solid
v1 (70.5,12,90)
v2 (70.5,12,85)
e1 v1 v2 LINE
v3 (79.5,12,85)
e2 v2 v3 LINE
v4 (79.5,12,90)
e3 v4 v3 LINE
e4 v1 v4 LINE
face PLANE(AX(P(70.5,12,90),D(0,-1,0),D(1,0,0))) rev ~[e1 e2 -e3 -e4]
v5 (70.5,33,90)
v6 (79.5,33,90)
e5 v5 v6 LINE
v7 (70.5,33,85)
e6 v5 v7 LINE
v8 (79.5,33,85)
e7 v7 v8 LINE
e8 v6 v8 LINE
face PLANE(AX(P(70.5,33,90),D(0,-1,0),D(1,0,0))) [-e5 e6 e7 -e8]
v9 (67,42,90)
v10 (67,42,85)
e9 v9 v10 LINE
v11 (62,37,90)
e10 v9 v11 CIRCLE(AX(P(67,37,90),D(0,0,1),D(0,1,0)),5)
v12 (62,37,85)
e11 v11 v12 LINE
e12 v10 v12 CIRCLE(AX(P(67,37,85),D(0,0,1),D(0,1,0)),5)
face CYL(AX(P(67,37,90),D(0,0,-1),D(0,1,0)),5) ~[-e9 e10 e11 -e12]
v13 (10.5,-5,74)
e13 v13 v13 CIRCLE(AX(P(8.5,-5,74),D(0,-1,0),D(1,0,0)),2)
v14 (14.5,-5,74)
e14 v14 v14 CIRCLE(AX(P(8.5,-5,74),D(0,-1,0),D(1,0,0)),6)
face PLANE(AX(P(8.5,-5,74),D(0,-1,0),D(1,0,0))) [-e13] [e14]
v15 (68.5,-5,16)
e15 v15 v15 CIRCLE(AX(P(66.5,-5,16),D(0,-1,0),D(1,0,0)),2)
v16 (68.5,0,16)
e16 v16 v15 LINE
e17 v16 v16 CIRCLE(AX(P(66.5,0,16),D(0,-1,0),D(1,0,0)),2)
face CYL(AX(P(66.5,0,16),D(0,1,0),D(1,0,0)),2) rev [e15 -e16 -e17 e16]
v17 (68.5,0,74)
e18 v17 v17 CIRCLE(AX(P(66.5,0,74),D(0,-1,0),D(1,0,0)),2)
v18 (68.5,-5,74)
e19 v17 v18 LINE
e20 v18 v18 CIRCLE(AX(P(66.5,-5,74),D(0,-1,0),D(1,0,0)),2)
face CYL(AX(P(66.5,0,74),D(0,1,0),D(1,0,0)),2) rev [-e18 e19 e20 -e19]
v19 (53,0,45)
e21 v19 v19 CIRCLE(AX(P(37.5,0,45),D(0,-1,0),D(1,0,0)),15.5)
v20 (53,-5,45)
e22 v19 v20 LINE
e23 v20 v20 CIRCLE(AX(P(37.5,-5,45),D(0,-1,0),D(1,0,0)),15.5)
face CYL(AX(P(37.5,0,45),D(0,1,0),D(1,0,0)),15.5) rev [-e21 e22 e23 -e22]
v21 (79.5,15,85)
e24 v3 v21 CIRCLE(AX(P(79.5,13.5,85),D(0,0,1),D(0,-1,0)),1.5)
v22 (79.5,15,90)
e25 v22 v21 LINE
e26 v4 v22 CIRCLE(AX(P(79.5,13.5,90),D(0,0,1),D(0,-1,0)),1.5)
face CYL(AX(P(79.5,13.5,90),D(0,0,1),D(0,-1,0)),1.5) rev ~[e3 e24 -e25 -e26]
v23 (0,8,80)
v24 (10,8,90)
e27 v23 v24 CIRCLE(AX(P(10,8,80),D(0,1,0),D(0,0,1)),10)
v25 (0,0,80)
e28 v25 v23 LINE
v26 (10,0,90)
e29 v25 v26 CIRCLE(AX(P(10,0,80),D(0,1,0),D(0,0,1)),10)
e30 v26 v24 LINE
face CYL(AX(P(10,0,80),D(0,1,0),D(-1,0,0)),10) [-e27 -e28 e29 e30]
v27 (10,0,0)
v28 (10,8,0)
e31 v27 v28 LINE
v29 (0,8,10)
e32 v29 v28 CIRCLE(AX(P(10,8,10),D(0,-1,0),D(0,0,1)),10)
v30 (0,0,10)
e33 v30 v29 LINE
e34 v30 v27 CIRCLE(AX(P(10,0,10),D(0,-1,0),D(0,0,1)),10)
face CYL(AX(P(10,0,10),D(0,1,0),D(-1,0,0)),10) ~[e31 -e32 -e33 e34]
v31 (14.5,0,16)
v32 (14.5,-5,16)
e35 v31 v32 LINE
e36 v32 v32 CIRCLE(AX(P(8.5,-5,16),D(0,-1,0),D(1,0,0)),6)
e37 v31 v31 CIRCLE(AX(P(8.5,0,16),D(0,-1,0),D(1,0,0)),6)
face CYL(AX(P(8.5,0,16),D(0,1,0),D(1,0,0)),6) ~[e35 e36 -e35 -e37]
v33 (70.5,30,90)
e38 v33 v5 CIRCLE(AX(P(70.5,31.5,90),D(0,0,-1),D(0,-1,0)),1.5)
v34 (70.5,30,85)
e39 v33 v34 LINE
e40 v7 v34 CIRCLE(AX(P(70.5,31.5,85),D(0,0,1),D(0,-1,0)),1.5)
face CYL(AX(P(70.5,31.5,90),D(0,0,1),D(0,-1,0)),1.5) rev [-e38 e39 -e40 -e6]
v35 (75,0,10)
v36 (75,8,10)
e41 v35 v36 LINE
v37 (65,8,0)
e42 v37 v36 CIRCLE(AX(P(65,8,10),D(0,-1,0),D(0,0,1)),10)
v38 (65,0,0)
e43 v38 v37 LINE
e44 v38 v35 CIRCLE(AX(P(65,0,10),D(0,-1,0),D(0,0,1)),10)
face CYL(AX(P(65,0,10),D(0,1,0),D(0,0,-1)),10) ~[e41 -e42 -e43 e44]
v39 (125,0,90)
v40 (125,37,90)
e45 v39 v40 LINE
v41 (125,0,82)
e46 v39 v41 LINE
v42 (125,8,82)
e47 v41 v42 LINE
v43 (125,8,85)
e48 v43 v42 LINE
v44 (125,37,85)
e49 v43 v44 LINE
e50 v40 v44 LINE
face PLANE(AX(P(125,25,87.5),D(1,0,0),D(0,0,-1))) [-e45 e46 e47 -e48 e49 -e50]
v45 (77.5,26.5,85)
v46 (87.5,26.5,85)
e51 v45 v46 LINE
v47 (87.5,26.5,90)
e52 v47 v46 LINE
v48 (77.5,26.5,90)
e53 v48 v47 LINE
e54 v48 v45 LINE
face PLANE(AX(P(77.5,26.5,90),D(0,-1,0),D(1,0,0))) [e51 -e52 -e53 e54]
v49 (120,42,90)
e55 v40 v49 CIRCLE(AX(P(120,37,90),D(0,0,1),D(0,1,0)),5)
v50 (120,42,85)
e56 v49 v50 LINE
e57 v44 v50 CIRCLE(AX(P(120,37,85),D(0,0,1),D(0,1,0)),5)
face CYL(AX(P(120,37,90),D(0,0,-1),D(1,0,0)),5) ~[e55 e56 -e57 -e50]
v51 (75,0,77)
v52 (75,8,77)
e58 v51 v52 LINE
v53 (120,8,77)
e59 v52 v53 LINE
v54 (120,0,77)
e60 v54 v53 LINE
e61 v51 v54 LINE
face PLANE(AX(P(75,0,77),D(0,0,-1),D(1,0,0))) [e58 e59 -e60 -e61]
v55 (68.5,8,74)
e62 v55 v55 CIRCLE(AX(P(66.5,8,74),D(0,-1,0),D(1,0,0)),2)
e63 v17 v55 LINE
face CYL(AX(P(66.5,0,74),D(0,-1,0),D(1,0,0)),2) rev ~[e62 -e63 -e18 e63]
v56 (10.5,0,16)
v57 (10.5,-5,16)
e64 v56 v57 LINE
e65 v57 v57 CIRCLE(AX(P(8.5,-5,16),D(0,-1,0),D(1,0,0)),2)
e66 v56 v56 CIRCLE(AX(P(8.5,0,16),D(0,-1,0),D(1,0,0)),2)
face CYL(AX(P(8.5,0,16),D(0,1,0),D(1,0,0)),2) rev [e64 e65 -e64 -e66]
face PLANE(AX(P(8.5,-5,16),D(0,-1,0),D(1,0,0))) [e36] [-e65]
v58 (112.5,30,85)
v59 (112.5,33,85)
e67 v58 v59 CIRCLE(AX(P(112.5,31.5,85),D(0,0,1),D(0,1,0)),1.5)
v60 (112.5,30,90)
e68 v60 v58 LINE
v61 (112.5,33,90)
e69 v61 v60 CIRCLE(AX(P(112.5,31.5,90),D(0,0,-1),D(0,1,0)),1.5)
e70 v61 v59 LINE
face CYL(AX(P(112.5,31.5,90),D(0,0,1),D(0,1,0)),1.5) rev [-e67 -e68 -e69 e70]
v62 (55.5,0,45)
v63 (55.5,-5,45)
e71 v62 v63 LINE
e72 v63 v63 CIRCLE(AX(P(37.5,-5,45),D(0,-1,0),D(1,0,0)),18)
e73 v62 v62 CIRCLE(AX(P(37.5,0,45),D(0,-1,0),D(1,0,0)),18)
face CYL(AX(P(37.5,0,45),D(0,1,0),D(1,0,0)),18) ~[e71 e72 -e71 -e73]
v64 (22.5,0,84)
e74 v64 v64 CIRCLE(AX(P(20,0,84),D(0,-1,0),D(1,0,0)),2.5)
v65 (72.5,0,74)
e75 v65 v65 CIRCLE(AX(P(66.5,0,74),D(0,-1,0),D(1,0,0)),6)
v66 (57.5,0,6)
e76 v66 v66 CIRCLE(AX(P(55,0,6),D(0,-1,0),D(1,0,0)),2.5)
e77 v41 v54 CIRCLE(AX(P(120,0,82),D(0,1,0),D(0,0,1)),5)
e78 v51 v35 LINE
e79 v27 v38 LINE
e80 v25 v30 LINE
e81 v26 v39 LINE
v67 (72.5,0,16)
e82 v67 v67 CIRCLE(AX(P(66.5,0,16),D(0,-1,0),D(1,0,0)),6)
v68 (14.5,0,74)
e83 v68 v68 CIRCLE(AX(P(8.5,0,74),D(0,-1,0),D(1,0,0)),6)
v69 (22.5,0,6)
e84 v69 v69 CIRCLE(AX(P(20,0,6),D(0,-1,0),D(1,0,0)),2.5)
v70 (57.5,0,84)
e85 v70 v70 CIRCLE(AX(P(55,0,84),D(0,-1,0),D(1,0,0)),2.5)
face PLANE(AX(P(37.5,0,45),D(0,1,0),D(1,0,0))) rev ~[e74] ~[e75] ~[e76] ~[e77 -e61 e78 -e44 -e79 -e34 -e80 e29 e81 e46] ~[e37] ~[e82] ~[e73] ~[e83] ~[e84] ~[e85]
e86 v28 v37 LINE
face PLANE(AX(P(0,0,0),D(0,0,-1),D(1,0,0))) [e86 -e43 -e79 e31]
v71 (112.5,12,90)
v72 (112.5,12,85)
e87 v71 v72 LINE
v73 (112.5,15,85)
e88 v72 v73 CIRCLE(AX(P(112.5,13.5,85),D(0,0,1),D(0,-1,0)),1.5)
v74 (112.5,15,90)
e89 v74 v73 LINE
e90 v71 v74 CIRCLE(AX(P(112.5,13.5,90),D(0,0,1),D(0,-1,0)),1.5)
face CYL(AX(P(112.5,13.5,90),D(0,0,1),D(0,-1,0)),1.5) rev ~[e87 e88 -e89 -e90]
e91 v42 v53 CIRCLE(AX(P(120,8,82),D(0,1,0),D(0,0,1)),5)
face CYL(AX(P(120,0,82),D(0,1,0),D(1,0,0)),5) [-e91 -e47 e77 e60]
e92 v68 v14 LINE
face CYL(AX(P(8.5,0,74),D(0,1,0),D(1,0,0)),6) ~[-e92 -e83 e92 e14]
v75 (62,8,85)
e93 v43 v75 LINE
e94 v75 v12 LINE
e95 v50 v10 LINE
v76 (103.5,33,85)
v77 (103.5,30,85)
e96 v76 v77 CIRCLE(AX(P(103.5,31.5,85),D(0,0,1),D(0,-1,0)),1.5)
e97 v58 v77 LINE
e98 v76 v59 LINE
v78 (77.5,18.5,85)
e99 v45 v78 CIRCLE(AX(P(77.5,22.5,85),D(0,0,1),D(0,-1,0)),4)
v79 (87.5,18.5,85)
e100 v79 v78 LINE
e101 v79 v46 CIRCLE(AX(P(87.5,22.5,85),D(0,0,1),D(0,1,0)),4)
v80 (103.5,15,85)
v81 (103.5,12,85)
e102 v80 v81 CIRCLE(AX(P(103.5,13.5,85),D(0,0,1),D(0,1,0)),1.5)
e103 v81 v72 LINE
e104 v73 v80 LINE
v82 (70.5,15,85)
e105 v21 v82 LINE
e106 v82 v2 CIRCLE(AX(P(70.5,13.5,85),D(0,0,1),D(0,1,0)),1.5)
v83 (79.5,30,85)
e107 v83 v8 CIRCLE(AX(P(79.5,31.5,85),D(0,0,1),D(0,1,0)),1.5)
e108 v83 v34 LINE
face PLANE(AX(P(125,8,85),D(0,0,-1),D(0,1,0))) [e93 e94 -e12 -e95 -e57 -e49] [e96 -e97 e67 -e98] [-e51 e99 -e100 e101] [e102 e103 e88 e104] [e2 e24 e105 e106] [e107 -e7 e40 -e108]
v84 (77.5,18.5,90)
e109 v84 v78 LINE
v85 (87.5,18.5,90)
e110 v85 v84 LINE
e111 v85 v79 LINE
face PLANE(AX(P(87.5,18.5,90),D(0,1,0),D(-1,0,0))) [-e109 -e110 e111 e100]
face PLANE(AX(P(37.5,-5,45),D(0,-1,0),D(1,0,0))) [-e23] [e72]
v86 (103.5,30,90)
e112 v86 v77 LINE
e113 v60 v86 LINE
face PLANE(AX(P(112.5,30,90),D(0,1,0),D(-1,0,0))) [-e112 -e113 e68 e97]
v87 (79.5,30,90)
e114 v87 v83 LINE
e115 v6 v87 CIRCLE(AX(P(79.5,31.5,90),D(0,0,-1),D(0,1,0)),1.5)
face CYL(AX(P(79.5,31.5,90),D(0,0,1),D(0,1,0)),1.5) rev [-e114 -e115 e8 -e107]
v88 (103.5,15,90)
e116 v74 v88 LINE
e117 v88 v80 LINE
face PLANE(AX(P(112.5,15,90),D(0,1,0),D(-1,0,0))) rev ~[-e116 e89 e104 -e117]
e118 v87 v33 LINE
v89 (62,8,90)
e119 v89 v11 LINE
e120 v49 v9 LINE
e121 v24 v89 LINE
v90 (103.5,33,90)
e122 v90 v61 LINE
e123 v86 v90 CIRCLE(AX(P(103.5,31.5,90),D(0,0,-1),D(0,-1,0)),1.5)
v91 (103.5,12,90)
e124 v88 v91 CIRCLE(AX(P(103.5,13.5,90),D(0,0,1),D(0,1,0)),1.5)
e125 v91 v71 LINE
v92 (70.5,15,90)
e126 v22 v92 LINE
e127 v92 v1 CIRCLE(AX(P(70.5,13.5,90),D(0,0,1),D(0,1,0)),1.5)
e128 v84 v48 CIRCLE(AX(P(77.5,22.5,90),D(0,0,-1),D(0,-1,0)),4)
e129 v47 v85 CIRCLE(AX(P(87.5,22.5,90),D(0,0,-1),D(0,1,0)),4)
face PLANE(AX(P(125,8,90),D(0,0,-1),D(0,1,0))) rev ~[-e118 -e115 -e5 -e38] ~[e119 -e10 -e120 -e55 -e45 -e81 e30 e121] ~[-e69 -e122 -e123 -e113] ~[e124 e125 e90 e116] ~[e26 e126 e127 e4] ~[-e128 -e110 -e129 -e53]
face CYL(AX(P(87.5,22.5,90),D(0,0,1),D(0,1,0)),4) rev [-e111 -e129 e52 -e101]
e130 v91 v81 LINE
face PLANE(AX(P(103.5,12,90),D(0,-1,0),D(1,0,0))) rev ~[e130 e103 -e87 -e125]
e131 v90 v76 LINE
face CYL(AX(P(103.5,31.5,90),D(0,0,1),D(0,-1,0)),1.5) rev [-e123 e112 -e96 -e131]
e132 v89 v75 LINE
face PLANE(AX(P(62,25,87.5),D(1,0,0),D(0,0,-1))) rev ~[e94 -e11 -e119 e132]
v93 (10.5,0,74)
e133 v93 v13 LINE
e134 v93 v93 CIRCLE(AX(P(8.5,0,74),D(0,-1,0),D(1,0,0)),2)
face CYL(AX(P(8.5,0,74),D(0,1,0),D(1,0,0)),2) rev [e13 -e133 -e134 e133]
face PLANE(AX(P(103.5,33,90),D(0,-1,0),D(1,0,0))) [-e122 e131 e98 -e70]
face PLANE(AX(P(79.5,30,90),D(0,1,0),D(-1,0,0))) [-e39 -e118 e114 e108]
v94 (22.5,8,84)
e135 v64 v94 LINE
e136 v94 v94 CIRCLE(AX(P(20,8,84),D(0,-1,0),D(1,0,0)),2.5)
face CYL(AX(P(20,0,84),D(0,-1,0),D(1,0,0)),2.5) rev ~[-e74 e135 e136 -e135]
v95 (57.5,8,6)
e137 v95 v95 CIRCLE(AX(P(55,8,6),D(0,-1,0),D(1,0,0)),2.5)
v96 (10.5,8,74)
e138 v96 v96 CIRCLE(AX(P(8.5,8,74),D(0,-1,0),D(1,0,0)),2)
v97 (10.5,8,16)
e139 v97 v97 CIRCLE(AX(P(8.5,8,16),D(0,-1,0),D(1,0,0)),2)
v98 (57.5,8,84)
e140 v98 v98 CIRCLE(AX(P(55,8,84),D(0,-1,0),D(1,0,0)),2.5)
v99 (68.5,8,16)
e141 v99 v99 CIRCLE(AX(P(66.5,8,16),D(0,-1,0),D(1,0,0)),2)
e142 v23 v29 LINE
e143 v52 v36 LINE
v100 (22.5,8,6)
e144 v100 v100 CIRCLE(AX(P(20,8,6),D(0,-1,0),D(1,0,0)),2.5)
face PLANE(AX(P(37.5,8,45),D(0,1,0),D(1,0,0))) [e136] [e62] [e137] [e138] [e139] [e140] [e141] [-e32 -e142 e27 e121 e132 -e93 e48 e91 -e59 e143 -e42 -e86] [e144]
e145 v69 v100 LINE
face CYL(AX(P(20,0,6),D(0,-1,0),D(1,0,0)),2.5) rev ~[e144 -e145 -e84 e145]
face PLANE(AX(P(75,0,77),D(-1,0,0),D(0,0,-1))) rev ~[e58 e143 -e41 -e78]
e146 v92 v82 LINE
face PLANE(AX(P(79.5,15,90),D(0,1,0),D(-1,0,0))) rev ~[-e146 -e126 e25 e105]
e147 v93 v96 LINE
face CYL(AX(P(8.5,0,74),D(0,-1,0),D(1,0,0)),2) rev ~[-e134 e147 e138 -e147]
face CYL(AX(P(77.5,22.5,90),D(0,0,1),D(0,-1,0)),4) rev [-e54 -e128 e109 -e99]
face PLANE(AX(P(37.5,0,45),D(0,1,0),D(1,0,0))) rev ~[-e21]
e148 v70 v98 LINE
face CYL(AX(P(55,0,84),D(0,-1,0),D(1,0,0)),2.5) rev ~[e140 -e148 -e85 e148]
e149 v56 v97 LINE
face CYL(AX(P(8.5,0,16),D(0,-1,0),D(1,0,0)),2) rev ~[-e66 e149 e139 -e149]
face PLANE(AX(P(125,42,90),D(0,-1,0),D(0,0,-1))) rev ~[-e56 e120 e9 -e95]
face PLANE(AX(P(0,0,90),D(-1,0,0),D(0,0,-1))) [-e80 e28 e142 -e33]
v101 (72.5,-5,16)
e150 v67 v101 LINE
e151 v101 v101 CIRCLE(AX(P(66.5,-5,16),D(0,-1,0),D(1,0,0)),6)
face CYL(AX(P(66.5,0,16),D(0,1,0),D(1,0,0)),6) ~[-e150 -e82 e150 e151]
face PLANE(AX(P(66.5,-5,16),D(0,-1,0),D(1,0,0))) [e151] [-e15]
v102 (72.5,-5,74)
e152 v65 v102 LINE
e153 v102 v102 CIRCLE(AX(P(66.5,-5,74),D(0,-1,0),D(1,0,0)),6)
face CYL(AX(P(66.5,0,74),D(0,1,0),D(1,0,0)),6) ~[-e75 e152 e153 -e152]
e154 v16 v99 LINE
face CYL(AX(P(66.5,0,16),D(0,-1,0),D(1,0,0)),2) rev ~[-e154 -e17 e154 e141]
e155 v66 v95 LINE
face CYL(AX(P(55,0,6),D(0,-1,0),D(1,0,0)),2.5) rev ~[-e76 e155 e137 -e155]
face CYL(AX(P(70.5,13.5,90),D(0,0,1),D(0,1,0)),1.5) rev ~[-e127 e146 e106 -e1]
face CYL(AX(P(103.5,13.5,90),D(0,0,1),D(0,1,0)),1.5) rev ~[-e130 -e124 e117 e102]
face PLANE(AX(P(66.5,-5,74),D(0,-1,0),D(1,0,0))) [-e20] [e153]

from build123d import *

# Parameters (mm, degrees)
SKETCH1_W               = 75
SKETCH1_H               = 90
SKETCH1_W_2             = 50
SKETCH1_H_2             = 13
BOSS_EXTRUDE1_DEPTH     = 8
SKETCH2_R               = 18
SKETCH2_R_2             = 15.5
BOSS_EXTRUDE2_DEPTH     = 5
SKETCH3_R               = 2
CUT_EXTRUDE2_DEPTH      = 6
CUT_EXTRUDE2_DEPTH_BACK = 9
FILLET2_R               = 10
FILLET3_R               = 10
FILLET4_R               = 10
CUT_EXTRUDE3_REACH      = 10
SKETCH5_R               = 2.5
SKETCH7_W               = 5
SKETCH7_H               = 34
BOSS_EXTRUDE3_DEPTH     = 63
FILLET5_R               = 5
FILLET6_R               = 5
FILLET7_R               = 5
CUT_EXTRUDE4_REACH      = 92
SKETCH13_R              = 6
SKETCH13_R_2            = 2
BOSS_EXTRUDE4_DEPTH     = 5


with BuildPart() as part:
    # Sketch1 → Boss-Extrude1 (new body)
    with BuildSketch(Plane(origin=(0, 0, 0), x_dir=(1, 0, 0), z_dir=(0, 1, 0))):
        with Locations((37.5, -45)):
            Rectangle(SKETCH1_W, SKETCH1_H)
        with Locations((100, -83.5)):
            Rectangle(SKETCH1_W_2, SKETCH1_H_2)
    extrude(amount=BOSS_EXTRUDE1_DEPTH)

    # Sketch2 → Boss-Extrude2 (add)
    with BuildSketch(Plane.XZ):
        with Locations((37.5, 45)):
            Circle(SKETCH2_R)
        with Locations((37.5, 45)):
            Circle(SKETCH2_R_2, mode=Mode.SUBTRACT)
    extrude(amount=BOSS_EXTRUDE2_DEPTH)

    # Sketch3 → Cut-Extrude2 (cut, two sides)
    with BuildSketch(Plane.XZ) as cut_extrude2_sk:
        with Locations((8.5, 74)):
            Circle(SKETCH3_R)
        with Locations((66.5, 74)):
            Circle(SKETCH3_R)
        with Locations((8.5, 16)):
            Circle(SKETCH3_R)
        with Locations((66.5, 16)):
            Circle(SKETCH3_R)
    extrude(amount=CUT_EXTRUDE2_DEPTH, mode=Mode.SUBTRACT)
    extrude(cut_extrude2_sk.sketch, amount=-CUT_EXTRUDE2_DEPTH_BACK, mode=Mode.SUBTRACT)

    # Fillet2
    fillet2_edges = [part.edges().sort_by_distance(p)[0] for p in [
        (0, 4, 0),
    ]]
    fillet(fillet2_edges, radius=FILLET2_R)

    # Fillet3
    fillet3_edges = [part.edges().sort_by_distance(p)[0] for p in [
        (0, 4, 90),
    ]]
    fillet(fillet3_edges, radius=FILLET3_R)

    # Fillet4
    fillet4_edges = [part.edges().sort_by_distance(p)[0] for p in [
        (75, 4, 0),
    ]]
    fillet(fillet4_edges, radius=FILLET4_R)

    # Sketch5 → Cut-Extrude3 (cut, up to next)
    with BuildSketch(Plane.XZ, mode=Mode.PRIVATE) as cut_extrude3_sk1:
        with Locations((55, 6)):
            Circle(SKETCH5_R)
    cut_extrude3_tool1 = extrude(cut_extrude3_sk1.sketch, amount=-CUT_EXTRUDE3_REACH, mode=Mode.PRIVATE) & part.part
    add(cut_extrude3_tool1.solids().sort_by_distance((55, 0, 6))[0], mode=Mode.SUBTRACT)
    # Sketch5 → Cut-Extrude3 (cut, up to next)
    with BuildSketch(Plane.XZ, mode=Mode.PRIVATE) as cut_extrude3_sk2:
        with Locations((20, 84)):
            Circle(SKETCH5_R)
    cut_extrude3_tool2 = extrude(cut_extrude3_sk2.sketch, amount=-CUT_EXTRUDE3_REACH, mode=Mode.PRIVATE) & part.part
    add(cut_extrude3_tool2.solids().sort_by_distance((20, 0, 84))[0], mode=Mode.SUBTRACT)
    # Sketch5 → Cut-Extrude3 (cut, up to next)
    with BuildSketch(Plane.XZ, mode=Mode.PRIVATE) as cut_extrude3_sk3:
        with Locations((55, 84)):
            Circle(SKETCH5_R)
    cut_extrude3_tool3 = extrude(cut_extrude3_sk3.sketch, amount=-CUT_EXTRUDE3_REACH, mode=Mode.PRIVATE) & part.part
    add(cut_extrude3_tool3.solids().sort_by_distance((55, 0, 84))[0], mode=Mode.SUBTRACT)
    # Sketch5 → Cut-Extrude3 (cut, up to next)
    with BuildSketch(Plane.XZ, mode=Mode.PRIVATE) as cut_extrude3_sk4:
        with Locations((20, 6)):
            Circle(SKETCH5_R)
    cut_extrude3_tool4 = extrude(cut_extrude3_sk4.sketch, amount=-CUT_EXTRUDE3_REACH, mode=Mode.PRIVATE) & part.part
    add(cut_extrude3_tool4.solids().sort_by_distance((20, 0, 6))[0], mode=Mode.SUBTRACT)

    # Sketch7 → Boss-Extrude3 (add)
    with BuildSketch(Plane(origin=(125, 0, 0), x_dir=(0, 0, -1), z_dir=(1, 0, 0))):
        with Locations((-87.5, 25)):
            Rectangle(SKETCH7_W, SKETCH7_H)
    extrude(amount=-BOSS_EXTRUDE3_DEPTH)

    # Fillet5
    fillet5_edges = [part.edges().sort_by_distance(p)[0] for p in [
        (125, 42, 87.5),
    ]]
    fillet(fillet5_edges, radius=FILLET5_R)

    # Fillet6
    fillet6_edges = [part.edges().sort_by_distance(p)[0] for p in [
        (125, 4, 77),
    ]]
    fillet(fillet6_edges, radius=FILLET6_R)

    # Fillet7
    fillet7_edges = [part.edges().sort_by_distance(p)[0] for p in [
        (62, 42, 87.5),
    ]]
    fillet(fillet7_edges, radius=FILLET7_R)

    # Sketch12 → Cut-Extrude4 (cut, up to next)
    with BuildSketch(Plane.XY.offset(90), mode=Mode.PRIVATE) as cut_extrude4_sk1:
        with BuildLine():
            Line((77.5, 26.5), (87.5, 26.5))
            ThreePointArc((87.5, 26.5), (91.5, 22.5), (87.5, 18.5))
            Line((87.5, 18.5), (77.5, 18.5))
            ThreePointArc((77.5, 18.5), (73.5, 22.5), (77.5, 26.5))
        make_face()
    cut_extrude4_tool1 = extrude(cut_extrude4_sk1.sketch, amount=-CUT_EXTRUDE4_REACH, mode=Mode.PRIVATE) & part.part
    add(cut_extrude4_tool1.solids().sort_by_distance((82.5, 22.5, 90))[0], mode=Mode.SUBTRACT)
    # Sketch12 → Cut-Extrude4 (cut, up to next)
    with BuildSketch(Plane.XY.offset(90), mode=Mode.PRIVATE) as cut_extrude4_sk2:
        with BuildLine():
            Line((70.5, 33), (79.5, 33))
            ThreePointArc((79.5, 33), (81, 31.5), (79.5, 30))
            Line((79.5, 30), (70.5, 30))
            ThreePointArc((70.5, 30), (69, 31.5), (70.5, 33))
        make_face()
    cut_extrude4_tool2 = extrude(cut_extrude4_sk2.sketch, amount=-CUT_EXTRUDE4_REACH, mode=Mode.PRIVATE) & part.part
    add(cut_extrude4_tool2.solids().sort_by_distance((75, 31.5, 90))[0], mode=Mode.SUBTRACT)
    # Sketch12 → Cut-Extrude4 (cut, up to next)
    with BuildSketch(Plane.XY.offset(90), mode=Mode.PRIVATE) as cut_extrude4_sk3:
        with BuildLine():
            Line((70.5, 12), (79.5, 12))
            ThreePointArc((79.5, 12), (81, 13.5), (79.5, 15))
            Line((79.5, 15), (70.5, 15))
            ThreePointArc((70.5, 15), (69, 13.5), (70.5, 12))
        make_face()
    cut_extrude4_tool3 = extrude(cut_extrude4_sk3.sketch, amount=-CUT_EXTRUDE4_REACH, mode=Mode.PRIVATE) & part.part
    add(cut_extrude4_tool3.solids().sort_by_distance((75, 13.5, 90))[0], mode=Mode.SUBTRACT)
    # Sketch12 → Cut-Extrude4 (cut, up to next)
    with BuildSketch(Plane.XY.offset(90), mode=Mode.PRIVATE) as cut_extrude4_sk4:
        with BuildLine():
            Line((103.5, 33), (112.5, 33))
            ThreePointArc((112.5, 33), (114, 31.5), (112.5, 30))
            Line((112.5, 30), (103.5, 30))
            ThreePointArc((103.5, 30), (102, 31.5), (103.5, 33))
        make_face()
    cut_extrude4_tool4 = extrude(cut_extrude4_sk4.sketch, amount=-CUT_EXTRUDE4_REACH, mode=Mode.PRIVATE) & part.part
    add(cut_extrude4_tool4.solids().sort_by_distance((108, 31.5, 90))[0], mode=Mode.SUBTRACT)
    # Sketch12 → Cut-Extrude4 (cut, up to next)
    with BuildSketch(Plane.XY.offset(90), mode=Mode.PRIVATE) as cut_extrude4_sk5:
        with BuildLine():
            Line((103.5, 12), (112.5, 12))
            ThreePointArc((112.5, 12), (114, 13.5), (112.5, 15))
            Line((112.5, 15), (103.5, 15))
            ThreePointArc((103.5, 15), (102, 13.5), (103.5, 12))
        make_face()
    cut_extrude4_tool5 = extrude(cut_extrude4_sk5.sketch, amount=-CUT_EXTRUDE4_REACH, mode=Mode.PRIVATE) & part.part
    add(cut_extrude4_tool5.solids().sort_by_distance((108, 13.5, 90))[0], mode=Mode.SUBTRACT)

    # Sketch13 → Boss-Extrude4 (add)
    with BuildSketch(Plane.XZ):
        with Locations((8.5, 74)):
            Circle(SKETCH13_R)
        with Locations((8.5, 74)):
            Circle(SKETCH13_R_2, mode=Mode.SUBTRACT)
        with Locations((66.5, 74)):
            Circle(SKETCH13_R)
        with Locations((66.5, 74)):
            Circle(SKETCH13_R_2, mode=Mode.SUBTRACT)
        with Locations((66.5, 16)):
            Circle(SKETCH13_R)
        with Locations((66.5, 16)):
            Circle(SKETCH13_R_2, mode=Mode.SUBTRACT)
        with Locations((8.5, 16)):
            Circle(SKETCH13_R)
        with Locations((8.5, 16)):
            Circle(SKETCH13_R_2, mode=Mode.SUBTRACT)
    extrude(amount=BOSS_EXTRUDE4_DEPTH)


solid = part.part
